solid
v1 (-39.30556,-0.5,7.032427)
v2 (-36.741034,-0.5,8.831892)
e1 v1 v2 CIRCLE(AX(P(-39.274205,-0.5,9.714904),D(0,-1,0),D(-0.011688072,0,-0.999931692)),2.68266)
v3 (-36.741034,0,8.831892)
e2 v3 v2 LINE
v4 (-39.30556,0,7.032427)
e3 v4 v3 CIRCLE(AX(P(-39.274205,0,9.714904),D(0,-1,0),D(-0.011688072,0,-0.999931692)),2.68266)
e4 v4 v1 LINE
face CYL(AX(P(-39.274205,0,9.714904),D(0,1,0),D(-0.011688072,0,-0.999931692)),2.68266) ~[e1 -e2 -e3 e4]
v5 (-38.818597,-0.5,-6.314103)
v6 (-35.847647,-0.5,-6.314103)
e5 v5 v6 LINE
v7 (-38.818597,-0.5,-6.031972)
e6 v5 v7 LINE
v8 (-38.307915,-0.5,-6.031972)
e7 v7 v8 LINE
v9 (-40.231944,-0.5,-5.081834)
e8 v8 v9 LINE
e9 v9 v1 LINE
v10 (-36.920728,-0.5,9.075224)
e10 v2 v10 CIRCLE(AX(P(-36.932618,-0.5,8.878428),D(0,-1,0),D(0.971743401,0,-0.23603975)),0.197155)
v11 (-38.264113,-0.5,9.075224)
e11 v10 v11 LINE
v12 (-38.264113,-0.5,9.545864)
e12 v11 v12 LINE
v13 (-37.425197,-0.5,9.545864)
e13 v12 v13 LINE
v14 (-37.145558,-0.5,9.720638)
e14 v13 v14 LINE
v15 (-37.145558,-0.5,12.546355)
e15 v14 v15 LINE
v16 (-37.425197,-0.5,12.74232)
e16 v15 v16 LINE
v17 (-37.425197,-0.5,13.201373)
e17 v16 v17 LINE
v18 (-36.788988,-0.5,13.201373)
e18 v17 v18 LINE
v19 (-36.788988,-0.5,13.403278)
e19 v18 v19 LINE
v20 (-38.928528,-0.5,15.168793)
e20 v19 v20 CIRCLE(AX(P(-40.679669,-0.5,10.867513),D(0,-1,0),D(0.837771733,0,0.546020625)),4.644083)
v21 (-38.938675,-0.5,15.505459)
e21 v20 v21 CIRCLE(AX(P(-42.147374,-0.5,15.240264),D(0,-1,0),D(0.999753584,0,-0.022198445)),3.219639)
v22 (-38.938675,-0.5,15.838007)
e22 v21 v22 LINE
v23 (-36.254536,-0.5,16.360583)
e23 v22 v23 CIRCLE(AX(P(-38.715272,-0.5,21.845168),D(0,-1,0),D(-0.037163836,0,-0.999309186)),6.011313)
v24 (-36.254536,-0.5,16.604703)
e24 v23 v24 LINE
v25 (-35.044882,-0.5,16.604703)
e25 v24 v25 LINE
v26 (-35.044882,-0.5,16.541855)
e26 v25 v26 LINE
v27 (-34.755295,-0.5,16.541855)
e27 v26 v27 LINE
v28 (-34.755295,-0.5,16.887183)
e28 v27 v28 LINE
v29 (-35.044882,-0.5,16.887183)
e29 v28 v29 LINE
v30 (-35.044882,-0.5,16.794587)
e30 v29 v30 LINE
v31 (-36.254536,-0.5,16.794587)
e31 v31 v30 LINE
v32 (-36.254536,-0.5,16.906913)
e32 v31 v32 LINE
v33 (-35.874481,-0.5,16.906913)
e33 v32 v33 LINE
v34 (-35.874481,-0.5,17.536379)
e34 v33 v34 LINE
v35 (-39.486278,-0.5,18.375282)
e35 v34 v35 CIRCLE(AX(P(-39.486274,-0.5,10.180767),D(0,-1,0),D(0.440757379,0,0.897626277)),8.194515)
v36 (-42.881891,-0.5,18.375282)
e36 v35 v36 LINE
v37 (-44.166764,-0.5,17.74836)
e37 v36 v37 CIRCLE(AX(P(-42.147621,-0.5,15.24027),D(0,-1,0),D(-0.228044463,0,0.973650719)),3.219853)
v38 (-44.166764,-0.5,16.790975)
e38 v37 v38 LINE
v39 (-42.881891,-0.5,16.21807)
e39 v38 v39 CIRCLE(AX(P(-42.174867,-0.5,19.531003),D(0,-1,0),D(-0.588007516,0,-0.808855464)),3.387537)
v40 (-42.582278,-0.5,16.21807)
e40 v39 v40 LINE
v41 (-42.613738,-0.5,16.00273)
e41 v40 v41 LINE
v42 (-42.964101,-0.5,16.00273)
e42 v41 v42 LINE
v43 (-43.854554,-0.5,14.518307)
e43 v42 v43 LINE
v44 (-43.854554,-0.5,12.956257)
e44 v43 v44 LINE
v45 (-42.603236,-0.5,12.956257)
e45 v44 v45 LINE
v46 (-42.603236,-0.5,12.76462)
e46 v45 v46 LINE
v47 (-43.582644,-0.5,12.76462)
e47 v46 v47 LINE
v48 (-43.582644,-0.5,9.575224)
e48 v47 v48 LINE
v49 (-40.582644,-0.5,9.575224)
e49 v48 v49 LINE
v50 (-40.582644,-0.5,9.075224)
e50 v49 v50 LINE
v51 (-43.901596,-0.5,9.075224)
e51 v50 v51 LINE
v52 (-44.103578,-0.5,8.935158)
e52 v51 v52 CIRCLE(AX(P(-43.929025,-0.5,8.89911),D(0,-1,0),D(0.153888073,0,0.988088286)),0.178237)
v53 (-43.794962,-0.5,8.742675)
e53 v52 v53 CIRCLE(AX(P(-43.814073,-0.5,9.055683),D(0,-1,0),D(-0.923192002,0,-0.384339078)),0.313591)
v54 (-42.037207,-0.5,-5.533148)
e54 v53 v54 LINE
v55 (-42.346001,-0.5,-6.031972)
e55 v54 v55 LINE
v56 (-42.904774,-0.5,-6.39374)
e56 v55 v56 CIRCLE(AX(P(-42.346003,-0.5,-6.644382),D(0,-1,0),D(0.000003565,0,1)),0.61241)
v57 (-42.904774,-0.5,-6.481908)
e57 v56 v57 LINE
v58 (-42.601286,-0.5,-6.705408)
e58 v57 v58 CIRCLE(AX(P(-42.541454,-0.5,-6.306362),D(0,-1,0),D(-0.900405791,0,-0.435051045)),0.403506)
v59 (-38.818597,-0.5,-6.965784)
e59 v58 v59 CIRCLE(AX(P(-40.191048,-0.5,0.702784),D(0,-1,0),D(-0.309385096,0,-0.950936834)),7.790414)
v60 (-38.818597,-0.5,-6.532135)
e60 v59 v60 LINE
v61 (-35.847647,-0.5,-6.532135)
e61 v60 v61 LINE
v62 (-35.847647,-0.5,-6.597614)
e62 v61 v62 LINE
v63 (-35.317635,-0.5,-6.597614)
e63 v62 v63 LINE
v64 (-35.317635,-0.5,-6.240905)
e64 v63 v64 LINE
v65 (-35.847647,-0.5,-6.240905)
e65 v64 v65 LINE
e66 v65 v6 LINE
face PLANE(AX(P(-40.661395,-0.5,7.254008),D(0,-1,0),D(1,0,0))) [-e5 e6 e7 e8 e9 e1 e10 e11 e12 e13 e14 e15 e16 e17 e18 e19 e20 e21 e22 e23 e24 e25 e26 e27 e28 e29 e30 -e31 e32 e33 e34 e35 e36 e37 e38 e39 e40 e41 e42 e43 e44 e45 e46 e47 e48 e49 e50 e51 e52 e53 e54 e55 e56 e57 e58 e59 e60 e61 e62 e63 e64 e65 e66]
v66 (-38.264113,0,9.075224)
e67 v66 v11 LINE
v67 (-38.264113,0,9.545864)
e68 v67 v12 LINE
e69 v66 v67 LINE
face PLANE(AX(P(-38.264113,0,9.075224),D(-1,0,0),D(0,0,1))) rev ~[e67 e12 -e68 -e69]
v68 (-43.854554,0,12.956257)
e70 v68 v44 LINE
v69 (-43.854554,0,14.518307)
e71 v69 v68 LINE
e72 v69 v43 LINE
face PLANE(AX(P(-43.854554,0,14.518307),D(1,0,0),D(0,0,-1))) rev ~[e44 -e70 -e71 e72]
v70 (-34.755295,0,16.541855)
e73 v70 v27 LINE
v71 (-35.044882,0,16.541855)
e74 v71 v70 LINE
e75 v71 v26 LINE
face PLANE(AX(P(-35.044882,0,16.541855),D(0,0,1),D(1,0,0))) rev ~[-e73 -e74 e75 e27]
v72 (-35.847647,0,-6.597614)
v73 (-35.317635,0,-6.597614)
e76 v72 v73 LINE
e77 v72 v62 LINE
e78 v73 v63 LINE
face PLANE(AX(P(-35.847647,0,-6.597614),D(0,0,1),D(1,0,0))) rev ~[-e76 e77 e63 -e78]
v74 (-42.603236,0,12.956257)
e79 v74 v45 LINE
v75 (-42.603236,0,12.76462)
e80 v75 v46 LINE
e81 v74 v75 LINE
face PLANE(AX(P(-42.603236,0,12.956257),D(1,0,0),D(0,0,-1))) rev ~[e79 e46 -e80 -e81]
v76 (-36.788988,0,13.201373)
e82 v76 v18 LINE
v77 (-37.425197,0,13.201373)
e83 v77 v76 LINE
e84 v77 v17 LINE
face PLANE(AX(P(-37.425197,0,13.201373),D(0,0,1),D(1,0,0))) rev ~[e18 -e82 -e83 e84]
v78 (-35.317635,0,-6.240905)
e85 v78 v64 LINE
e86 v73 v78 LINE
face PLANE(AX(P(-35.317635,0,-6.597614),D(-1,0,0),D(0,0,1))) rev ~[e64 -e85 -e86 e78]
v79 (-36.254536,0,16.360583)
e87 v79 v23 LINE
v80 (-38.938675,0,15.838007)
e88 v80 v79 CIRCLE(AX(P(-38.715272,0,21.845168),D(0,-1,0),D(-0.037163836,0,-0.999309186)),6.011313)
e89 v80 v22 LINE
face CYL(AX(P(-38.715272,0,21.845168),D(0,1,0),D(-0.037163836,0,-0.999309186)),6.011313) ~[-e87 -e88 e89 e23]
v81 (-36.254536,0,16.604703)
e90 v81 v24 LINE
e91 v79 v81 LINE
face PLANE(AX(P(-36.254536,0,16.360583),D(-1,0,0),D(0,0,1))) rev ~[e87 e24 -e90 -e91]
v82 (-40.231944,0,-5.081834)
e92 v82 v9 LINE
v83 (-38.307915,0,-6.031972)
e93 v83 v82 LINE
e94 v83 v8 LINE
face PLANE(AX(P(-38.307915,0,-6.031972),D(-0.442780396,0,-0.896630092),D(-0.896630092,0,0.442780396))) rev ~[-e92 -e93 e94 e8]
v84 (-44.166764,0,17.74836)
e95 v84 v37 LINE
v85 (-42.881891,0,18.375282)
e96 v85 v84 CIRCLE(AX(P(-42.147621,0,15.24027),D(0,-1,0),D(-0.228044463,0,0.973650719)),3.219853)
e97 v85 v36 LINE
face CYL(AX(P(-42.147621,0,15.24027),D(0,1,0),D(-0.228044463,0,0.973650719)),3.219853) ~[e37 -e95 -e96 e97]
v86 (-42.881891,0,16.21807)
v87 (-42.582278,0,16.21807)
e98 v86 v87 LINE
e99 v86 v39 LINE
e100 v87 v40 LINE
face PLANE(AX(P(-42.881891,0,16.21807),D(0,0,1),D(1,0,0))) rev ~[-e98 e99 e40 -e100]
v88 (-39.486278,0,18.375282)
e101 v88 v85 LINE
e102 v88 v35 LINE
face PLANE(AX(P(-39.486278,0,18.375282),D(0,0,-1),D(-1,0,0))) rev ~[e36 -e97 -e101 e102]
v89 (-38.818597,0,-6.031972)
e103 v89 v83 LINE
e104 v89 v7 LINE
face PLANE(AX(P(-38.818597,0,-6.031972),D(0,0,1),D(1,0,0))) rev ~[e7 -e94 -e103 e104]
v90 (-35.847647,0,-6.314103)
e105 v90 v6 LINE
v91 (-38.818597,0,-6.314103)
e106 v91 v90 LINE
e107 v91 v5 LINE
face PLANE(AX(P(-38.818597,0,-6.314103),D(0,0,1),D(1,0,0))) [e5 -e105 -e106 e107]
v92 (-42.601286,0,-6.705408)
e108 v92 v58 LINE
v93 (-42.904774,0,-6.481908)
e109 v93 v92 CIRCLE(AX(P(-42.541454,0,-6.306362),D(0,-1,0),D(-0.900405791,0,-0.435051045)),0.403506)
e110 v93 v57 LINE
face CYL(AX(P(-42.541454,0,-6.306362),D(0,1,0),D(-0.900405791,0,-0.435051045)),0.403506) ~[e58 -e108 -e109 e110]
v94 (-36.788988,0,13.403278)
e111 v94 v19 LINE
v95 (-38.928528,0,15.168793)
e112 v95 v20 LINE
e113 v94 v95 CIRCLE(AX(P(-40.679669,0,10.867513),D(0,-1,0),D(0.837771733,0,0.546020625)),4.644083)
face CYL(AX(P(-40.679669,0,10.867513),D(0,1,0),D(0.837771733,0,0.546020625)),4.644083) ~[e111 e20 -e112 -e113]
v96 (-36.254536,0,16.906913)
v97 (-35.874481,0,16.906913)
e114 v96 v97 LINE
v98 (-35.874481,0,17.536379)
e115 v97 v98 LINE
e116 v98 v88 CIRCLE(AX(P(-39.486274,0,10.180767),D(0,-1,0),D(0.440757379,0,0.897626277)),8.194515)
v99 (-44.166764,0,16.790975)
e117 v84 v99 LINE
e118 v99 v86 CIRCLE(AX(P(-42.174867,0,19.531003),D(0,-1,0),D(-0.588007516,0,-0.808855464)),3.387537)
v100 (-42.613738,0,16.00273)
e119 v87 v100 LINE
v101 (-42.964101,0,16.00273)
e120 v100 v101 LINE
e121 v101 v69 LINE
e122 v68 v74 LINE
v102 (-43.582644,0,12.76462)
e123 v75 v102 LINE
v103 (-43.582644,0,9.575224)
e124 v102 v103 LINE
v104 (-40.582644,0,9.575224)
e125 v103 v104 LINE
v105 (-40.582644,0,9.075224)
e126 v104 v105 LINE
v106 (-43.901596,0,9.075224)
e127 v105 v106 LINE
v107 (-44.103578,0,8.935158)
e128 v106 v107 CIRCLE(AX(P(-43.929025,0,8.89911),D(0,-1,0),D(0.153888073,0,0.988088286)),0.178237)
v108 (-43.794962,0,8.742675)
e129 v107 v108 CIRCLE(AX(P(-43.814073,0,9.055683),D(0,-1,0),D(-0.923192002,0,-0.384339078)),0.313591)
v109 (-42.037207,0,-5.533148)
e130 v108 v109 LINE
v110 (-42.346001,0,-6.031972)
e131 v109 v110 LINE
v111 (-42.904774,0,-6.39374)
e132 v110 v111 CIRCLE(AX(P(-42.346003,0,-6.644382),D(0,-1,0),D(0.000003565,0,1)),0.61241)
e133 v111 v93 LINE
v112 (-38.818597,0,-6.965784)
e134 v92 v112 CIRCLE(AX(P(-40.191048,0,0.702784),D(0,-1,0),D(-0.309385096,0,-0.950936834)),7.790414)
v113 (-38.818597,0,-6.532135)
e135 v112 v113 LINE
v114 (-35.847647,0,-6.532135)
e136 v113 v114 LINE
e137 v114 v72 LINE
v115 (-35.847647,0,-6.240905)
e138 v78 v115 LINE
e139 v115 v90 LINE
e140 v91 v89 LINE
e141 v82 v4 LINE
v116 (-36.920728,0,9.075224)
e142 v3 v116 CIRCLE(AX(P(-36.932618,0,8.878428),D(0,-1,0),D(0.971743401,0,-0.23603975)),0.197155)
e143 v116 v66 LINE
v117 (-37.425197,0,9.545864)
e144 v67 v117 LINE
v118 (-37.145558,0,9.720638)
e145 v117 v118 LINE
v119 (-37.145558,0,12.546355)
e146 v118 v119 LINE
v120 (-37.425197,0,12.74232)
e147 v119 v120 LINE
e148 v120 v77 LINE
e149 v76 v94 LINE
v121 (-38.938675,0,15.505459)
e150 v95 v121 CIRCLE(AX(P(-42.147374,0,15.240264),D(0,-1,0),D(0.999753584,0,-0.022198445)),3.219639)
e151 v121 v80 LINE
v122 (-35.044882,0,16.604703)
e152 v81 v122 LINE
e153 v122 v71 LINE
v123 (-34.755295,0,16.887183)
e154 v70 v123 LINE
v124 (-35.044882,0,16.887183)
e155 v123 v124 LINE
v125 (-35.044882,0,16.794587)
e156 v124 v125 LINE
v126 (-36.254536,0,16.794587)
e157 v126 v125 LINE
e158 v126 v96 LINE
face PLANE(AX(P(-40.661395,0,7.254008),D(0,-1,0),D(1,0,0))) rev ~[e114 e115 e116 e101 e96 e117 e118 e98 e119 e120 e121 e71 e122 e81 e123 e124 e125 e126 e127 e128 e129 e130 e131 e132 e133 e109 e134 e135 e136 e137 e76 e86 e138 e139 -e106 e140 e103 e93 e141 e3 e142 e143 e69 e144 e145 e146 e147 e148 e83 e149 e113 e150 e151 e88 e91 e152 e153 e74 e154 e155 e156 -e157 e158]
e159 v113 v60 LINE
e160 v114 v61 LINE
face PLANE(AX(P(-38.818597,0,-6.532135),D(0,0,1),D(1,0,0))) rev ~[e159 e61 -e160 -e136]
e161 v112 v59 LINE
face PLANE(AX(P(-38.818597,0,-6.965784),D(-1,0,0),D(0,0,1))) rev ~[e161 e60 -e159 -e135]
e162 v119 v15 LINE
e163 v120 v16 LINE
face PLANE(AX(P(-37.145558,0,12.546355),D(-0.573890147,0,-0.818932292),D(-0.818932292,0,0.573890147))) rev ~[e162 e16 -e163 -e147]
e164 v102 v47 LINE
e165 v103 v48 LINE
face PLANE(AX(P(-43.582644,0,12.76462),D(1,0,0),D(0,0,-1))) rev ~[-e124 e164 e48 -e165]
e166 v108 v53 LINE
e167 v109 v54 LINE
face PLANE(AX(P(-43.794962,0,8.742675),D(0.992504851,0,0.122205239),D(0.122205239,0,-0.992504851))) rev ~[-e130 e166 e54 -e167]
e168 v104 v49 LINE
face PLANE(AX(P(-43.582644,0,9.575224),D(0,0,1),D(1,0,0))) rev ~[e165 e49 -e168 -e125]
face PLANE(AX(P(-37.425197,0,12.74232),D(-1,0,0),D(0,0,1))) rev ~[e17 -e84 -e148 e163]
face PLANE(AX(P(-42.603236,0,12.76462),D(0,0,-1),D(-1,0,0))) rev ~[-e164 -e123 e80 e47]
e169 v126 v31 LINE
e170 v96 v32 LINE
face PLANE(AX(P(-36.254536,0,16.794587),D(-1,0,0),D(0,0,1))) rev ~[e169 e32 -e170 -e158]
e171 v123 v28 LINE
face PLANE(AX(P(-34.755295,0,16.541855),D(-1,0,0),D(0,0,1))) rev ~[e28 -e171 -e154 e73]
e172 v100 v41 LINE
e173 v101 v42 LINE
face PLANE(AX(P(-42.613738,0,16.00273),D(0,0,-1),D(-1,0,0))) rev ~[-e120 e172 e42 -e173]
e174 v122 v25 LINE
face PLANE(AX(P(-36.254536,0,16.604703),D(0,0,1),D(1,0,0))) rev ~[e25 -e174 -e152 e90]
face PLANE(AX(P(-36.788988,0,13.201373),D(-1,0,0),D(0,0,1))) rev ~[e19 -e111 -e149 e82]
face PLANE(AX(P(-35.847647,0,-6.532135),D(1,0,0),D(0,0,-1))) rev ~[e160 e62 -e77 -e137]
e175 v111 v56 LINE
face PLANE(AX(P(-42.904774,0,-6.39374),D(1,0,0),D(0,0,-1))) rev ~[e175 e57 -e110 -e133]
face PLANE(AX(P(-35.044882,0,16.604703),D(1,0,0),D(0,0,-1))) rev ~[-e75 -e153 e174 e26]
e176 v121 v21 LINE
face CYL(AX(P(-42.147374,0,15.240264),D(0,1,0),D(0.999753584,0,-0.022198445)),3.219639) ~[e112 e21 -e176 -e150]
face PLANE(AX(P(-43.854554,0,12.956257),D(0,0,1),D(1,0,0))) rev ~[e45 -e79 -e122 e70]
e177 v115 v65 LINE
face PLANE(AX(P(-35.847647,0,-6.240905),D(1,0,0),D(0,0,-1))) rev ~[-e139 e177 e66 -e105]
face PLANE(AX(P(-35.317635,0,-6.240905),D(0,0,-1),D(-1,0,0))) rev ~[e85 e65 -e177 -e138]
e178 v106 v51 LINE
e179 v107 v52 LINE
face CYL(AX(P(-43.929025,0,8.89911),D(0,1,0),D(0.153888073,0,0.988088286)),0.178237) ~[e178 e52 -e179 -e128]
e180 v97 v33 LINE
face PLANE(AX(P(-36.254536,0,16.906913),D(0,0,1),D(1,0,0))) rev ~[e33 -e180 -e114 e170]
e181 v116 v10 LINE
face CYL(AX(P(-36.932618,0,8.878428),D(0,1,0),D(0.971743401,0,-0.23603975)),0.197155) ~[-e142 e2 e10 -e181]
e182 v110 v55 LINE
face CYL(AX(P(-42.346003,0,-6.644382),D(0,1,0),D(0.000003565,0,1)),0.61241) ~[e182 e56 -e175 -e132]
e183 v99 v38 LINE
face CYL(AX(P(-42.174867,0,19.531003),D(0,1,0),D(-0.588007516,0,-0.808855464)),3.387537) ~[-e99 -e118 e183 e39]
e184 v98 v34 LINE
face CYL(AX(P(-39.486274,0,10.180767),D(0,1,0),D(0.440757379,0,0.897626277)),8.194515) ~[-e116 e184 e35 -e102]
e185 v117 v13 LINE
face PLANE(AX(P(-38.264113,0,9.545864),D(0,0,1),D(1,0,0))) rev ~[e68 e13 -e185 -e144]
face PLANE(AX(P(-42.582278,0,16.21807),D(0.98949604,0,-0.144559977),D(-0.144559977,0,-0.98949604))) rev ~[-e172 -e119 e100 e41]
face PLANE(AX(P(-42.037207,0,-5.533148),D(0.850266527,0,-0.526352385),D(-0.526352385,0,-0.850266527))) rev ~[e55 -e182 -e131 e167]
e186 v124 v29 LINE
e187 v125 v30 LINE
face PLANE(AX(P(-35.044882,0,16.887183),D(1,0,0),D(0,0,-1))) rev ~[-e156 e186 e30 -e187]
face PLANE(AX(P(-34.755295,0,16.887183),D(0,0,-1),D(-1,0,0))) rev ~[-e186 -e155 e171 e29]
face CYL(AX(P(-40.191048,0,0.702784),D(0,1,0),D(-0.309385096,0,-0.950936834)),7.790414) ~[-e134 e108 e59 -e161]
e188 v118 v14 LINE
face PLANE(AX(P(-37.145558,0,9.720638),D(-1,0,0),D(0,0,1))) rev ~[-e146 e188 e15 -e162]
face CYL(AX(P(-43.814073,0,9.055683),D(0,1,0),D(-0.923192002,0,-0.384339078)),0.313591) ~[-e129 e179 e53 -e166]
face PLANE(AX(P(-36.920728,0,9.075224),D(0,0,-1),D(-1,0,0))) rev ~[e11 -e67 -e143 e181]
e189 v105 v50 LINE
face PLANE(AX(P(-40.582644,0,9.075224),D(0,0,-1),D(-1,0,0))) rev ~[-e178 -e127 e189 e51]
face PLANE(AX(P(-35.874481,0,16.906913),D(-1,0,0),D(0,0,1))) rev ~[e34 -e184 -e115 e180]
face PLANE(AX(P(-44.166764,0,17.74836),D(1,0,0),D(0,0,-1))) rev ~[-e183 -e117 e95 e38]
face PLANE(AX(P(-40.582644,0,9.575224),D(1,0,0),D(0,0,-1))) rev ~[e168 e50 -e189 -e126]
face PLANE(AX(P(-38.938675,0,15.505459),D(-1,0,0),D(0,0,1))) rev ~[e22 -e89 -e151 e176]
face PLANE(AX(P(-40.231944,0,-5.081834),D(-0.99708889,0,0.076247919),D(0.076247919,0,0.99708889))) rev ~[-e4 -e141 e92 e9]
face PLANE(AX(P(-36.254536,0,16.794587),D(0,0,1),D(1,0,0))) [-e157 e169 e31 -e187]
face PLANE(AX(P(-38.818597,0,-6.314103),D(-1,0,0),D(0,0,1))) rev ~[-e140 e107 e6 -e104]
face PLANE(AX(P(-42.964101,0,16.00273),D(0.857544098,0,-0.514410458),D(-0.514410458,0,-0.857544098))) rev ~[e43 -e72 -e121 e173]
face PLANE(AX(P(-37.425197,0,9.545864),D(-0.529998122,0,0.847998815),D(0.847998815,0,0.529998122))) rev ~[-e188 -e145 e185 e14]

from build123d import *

# Parameters (mm, degrees)
F0_W     = 2.97095
F0_H     = 0.218032
F0_W_2   = 1.209654
F0_H_2   = 0.189883
F1_DEPTH = 0.5


with BuildPart() as f1:
    # F0 (on Front) → F1 (new body)
    with BuildSketch(Plane.XZ):
        with BuildLine():
            ThreePointArc((-44.103578, 8.935158), (-43.980027, 8.789603), (-43.794962, 8.742675))
            Line((-43.794962, 8.742675), (-42.037207, -5.533148))
            Line((-42.037207, -5.533148), (-42.346001, -6.031972))
            ThreePointArc((-42.346001, -6.031972), (-42.678832, -6.130309), (-42.904774, -6.39374))
            Line((-42.904774, -6.39374), (-42.904774, -6.481908))
            ThreePointArc((-42.904774, -6.481908), (-42.780729, -6.63127), (-42.601286, -6.705408))
            ThreePointArc((-42.601286, -6.705408), (-40.726024, -7.06924), (-38.818597, -6.965784))
            Line((-38.818597, -6.965784), (-38.818597, -6.532135))
            Line((-38.818597, -6.532135), (-38.818597, -6.314103))
            Line((-38.818597, -6.314103), (-38.818597, -6.031972))
            Line((-38.818597, -6.031972), (-38.307915, -6.031972))
            Line((-38.307915, -6.031972), (-40.231944, -5.081834))
            Line((-40.231944, -5.081834), (-39.30556, 7.032427))
            ThreePointArc((-39.30556, 7.032427), (-37.733332, 7.518913), (-36.741034, 8.831892))
            ThreePointArc((-36.741034, 8.831892), (-36.774021, 8.995548), (-36.920728, 9.075224))
            Line((-36.920728, 9.075224), (-38.264113, 9.075224))
            Line((-38.264113, 9.075224), (-38.264113, 9.545864))
            Line((-38.264113, 9.545864), (-37.425197, 9.545864))
            Line((-37.425197, 9.545864), (-37.145558, 9.720638))
            Line((-37.145558, 9.720638), (-37.145558, 12.546355))
            Line((-37.145558, 12.546355), (-37.425197, 12.74232))
            Line((-37.425197, 12.74232), (-37.425197, 13.201373))
            Line((-37.425197, 13.201373), (-36.788988, 13.201373))
            Line((-36.788988, 13.201373), (-36.788988, 13.403278))
            ThreePointArc((-36.788988, 13.403278), (-37.723861, 14.44951), (-38.928528, 15.168793))
            ThreePointArc((-38.928528, 15.168793), (-38.9336, 15.170855), (-38.938675, 15.17291))
            Line((-38.938675, 15.17291), (-38.938675, 15.505459))
            Line((-38.938675, 15.505459), (-38.938675, 15.838007))
            ThreePointArc((-38.938675, 15.838007), (-37.566496, 15.944642), (-36.254536, 16.360583))
            Line((-36.254536, 16.360583), (-36.254536, 16.604704))
            Line((-36.254536, 16.604704), (-36.254536, 16.794587))
            Line((-36.254536, 16.794587), (-36.254536, 16.906913))
            Line((-36.254536, 16.906913), (-35.874481, 16.906913))
            Line((-35.874481, 16.906913), (-35.874481, 17.536379))
            ThreePointArc((-35.874481, 17.536379), (-37.632307, 18.162802), (-39.486278, 18.375282))
            Line((-39.486278, 18.375282), (-41.803283, 18.375282))
            Line((-41.803283, 18.375282), (-42.881891, 18.375282))
            ThreePointArc((-42.881891, 18.375282), (-43.559562, 18.134035), (-44.166764, 17.74836))
            Line((-44.166764, 17.74836), (-44.166764, 16.790975))
            ThreePointArc((-44.166764, 16.790975), (-43.554395, 16.437088), (-42.881891, 16.21807))
            Line((-42.881891, 16.21807), (-42.582278, 16.21807))
            Line((-42.582278, 16.21807), (-42.613738, 16.00273))
            Line((-42.613738, 16.00273), (-42.964101, 16.00273))
            Line((-42.964101, 16.00273), (-43.854554, 14.518307))
            Line((-43.854554, 14.518307), (-43.854554, 12.956257))
            Line((-43.854554, 12.956257), (-42.603236, 12.956257))
            Line((-42.603236, 12.956257), (-42.603236, 12.76462))
            Line((-42.603236, 12.76462), (-43.582644, 12.76462))
            Line((-43.582644, 12.76462), (-43.582644, 9.575224))
            Line((-43.582644, 9.575224), (-40.582644, 9.575224))
            Line((-40.582644, 9.575224), (-40.582644, 9.075224))
            Line((-40.582644, 9.075224), (-43.264113, 9.075224))
            Line((-43.264113, 9.075224), (-43.901596, 9.075224))
            ThreePointArc((-43.901596, 9.075224), (-44.030593, 9.045576), (-44.103578, 8.935158))
        make_face()
        with Locations((-37.333122, -6.423119)):
            Rectangle(F0_W, F0_H)
        Polygon((-35.847647, -6.314103), (-35.847647, -6.532135), (-35.847647, -6.597614), (-35.317635, -6.597614), (-35.317635, -6.240905), (-35.847647, -6.240905), align=None)
        with BuildLine():
            ThreePointArc((-38.938675, 15.17291), (-38.9336, 15.170855), (-38.928528, 15.168793))
            ThreePointArc((-38.928528, 15.168793), (-38.929196, 15.337259), (-38.938675, 15.505459))
            Line((-38.938675, 15.505459), (-38.938675, 15.17291))
        make_face()
        with Locations((-35.649709, 16.699645)):
            Rectangle(F0_W_2, F0_H_2)
        Polygon((-35.044882, 16.887183), (-35.044882, 16.794587), (-35.044882, 16.604704), (-35.044882, 16.541855), (-34.755295, 16.541855), (-34.755295, 16.887183), align=None)
    extrude(amount=F1_DEPTH)


solid = f1.part
